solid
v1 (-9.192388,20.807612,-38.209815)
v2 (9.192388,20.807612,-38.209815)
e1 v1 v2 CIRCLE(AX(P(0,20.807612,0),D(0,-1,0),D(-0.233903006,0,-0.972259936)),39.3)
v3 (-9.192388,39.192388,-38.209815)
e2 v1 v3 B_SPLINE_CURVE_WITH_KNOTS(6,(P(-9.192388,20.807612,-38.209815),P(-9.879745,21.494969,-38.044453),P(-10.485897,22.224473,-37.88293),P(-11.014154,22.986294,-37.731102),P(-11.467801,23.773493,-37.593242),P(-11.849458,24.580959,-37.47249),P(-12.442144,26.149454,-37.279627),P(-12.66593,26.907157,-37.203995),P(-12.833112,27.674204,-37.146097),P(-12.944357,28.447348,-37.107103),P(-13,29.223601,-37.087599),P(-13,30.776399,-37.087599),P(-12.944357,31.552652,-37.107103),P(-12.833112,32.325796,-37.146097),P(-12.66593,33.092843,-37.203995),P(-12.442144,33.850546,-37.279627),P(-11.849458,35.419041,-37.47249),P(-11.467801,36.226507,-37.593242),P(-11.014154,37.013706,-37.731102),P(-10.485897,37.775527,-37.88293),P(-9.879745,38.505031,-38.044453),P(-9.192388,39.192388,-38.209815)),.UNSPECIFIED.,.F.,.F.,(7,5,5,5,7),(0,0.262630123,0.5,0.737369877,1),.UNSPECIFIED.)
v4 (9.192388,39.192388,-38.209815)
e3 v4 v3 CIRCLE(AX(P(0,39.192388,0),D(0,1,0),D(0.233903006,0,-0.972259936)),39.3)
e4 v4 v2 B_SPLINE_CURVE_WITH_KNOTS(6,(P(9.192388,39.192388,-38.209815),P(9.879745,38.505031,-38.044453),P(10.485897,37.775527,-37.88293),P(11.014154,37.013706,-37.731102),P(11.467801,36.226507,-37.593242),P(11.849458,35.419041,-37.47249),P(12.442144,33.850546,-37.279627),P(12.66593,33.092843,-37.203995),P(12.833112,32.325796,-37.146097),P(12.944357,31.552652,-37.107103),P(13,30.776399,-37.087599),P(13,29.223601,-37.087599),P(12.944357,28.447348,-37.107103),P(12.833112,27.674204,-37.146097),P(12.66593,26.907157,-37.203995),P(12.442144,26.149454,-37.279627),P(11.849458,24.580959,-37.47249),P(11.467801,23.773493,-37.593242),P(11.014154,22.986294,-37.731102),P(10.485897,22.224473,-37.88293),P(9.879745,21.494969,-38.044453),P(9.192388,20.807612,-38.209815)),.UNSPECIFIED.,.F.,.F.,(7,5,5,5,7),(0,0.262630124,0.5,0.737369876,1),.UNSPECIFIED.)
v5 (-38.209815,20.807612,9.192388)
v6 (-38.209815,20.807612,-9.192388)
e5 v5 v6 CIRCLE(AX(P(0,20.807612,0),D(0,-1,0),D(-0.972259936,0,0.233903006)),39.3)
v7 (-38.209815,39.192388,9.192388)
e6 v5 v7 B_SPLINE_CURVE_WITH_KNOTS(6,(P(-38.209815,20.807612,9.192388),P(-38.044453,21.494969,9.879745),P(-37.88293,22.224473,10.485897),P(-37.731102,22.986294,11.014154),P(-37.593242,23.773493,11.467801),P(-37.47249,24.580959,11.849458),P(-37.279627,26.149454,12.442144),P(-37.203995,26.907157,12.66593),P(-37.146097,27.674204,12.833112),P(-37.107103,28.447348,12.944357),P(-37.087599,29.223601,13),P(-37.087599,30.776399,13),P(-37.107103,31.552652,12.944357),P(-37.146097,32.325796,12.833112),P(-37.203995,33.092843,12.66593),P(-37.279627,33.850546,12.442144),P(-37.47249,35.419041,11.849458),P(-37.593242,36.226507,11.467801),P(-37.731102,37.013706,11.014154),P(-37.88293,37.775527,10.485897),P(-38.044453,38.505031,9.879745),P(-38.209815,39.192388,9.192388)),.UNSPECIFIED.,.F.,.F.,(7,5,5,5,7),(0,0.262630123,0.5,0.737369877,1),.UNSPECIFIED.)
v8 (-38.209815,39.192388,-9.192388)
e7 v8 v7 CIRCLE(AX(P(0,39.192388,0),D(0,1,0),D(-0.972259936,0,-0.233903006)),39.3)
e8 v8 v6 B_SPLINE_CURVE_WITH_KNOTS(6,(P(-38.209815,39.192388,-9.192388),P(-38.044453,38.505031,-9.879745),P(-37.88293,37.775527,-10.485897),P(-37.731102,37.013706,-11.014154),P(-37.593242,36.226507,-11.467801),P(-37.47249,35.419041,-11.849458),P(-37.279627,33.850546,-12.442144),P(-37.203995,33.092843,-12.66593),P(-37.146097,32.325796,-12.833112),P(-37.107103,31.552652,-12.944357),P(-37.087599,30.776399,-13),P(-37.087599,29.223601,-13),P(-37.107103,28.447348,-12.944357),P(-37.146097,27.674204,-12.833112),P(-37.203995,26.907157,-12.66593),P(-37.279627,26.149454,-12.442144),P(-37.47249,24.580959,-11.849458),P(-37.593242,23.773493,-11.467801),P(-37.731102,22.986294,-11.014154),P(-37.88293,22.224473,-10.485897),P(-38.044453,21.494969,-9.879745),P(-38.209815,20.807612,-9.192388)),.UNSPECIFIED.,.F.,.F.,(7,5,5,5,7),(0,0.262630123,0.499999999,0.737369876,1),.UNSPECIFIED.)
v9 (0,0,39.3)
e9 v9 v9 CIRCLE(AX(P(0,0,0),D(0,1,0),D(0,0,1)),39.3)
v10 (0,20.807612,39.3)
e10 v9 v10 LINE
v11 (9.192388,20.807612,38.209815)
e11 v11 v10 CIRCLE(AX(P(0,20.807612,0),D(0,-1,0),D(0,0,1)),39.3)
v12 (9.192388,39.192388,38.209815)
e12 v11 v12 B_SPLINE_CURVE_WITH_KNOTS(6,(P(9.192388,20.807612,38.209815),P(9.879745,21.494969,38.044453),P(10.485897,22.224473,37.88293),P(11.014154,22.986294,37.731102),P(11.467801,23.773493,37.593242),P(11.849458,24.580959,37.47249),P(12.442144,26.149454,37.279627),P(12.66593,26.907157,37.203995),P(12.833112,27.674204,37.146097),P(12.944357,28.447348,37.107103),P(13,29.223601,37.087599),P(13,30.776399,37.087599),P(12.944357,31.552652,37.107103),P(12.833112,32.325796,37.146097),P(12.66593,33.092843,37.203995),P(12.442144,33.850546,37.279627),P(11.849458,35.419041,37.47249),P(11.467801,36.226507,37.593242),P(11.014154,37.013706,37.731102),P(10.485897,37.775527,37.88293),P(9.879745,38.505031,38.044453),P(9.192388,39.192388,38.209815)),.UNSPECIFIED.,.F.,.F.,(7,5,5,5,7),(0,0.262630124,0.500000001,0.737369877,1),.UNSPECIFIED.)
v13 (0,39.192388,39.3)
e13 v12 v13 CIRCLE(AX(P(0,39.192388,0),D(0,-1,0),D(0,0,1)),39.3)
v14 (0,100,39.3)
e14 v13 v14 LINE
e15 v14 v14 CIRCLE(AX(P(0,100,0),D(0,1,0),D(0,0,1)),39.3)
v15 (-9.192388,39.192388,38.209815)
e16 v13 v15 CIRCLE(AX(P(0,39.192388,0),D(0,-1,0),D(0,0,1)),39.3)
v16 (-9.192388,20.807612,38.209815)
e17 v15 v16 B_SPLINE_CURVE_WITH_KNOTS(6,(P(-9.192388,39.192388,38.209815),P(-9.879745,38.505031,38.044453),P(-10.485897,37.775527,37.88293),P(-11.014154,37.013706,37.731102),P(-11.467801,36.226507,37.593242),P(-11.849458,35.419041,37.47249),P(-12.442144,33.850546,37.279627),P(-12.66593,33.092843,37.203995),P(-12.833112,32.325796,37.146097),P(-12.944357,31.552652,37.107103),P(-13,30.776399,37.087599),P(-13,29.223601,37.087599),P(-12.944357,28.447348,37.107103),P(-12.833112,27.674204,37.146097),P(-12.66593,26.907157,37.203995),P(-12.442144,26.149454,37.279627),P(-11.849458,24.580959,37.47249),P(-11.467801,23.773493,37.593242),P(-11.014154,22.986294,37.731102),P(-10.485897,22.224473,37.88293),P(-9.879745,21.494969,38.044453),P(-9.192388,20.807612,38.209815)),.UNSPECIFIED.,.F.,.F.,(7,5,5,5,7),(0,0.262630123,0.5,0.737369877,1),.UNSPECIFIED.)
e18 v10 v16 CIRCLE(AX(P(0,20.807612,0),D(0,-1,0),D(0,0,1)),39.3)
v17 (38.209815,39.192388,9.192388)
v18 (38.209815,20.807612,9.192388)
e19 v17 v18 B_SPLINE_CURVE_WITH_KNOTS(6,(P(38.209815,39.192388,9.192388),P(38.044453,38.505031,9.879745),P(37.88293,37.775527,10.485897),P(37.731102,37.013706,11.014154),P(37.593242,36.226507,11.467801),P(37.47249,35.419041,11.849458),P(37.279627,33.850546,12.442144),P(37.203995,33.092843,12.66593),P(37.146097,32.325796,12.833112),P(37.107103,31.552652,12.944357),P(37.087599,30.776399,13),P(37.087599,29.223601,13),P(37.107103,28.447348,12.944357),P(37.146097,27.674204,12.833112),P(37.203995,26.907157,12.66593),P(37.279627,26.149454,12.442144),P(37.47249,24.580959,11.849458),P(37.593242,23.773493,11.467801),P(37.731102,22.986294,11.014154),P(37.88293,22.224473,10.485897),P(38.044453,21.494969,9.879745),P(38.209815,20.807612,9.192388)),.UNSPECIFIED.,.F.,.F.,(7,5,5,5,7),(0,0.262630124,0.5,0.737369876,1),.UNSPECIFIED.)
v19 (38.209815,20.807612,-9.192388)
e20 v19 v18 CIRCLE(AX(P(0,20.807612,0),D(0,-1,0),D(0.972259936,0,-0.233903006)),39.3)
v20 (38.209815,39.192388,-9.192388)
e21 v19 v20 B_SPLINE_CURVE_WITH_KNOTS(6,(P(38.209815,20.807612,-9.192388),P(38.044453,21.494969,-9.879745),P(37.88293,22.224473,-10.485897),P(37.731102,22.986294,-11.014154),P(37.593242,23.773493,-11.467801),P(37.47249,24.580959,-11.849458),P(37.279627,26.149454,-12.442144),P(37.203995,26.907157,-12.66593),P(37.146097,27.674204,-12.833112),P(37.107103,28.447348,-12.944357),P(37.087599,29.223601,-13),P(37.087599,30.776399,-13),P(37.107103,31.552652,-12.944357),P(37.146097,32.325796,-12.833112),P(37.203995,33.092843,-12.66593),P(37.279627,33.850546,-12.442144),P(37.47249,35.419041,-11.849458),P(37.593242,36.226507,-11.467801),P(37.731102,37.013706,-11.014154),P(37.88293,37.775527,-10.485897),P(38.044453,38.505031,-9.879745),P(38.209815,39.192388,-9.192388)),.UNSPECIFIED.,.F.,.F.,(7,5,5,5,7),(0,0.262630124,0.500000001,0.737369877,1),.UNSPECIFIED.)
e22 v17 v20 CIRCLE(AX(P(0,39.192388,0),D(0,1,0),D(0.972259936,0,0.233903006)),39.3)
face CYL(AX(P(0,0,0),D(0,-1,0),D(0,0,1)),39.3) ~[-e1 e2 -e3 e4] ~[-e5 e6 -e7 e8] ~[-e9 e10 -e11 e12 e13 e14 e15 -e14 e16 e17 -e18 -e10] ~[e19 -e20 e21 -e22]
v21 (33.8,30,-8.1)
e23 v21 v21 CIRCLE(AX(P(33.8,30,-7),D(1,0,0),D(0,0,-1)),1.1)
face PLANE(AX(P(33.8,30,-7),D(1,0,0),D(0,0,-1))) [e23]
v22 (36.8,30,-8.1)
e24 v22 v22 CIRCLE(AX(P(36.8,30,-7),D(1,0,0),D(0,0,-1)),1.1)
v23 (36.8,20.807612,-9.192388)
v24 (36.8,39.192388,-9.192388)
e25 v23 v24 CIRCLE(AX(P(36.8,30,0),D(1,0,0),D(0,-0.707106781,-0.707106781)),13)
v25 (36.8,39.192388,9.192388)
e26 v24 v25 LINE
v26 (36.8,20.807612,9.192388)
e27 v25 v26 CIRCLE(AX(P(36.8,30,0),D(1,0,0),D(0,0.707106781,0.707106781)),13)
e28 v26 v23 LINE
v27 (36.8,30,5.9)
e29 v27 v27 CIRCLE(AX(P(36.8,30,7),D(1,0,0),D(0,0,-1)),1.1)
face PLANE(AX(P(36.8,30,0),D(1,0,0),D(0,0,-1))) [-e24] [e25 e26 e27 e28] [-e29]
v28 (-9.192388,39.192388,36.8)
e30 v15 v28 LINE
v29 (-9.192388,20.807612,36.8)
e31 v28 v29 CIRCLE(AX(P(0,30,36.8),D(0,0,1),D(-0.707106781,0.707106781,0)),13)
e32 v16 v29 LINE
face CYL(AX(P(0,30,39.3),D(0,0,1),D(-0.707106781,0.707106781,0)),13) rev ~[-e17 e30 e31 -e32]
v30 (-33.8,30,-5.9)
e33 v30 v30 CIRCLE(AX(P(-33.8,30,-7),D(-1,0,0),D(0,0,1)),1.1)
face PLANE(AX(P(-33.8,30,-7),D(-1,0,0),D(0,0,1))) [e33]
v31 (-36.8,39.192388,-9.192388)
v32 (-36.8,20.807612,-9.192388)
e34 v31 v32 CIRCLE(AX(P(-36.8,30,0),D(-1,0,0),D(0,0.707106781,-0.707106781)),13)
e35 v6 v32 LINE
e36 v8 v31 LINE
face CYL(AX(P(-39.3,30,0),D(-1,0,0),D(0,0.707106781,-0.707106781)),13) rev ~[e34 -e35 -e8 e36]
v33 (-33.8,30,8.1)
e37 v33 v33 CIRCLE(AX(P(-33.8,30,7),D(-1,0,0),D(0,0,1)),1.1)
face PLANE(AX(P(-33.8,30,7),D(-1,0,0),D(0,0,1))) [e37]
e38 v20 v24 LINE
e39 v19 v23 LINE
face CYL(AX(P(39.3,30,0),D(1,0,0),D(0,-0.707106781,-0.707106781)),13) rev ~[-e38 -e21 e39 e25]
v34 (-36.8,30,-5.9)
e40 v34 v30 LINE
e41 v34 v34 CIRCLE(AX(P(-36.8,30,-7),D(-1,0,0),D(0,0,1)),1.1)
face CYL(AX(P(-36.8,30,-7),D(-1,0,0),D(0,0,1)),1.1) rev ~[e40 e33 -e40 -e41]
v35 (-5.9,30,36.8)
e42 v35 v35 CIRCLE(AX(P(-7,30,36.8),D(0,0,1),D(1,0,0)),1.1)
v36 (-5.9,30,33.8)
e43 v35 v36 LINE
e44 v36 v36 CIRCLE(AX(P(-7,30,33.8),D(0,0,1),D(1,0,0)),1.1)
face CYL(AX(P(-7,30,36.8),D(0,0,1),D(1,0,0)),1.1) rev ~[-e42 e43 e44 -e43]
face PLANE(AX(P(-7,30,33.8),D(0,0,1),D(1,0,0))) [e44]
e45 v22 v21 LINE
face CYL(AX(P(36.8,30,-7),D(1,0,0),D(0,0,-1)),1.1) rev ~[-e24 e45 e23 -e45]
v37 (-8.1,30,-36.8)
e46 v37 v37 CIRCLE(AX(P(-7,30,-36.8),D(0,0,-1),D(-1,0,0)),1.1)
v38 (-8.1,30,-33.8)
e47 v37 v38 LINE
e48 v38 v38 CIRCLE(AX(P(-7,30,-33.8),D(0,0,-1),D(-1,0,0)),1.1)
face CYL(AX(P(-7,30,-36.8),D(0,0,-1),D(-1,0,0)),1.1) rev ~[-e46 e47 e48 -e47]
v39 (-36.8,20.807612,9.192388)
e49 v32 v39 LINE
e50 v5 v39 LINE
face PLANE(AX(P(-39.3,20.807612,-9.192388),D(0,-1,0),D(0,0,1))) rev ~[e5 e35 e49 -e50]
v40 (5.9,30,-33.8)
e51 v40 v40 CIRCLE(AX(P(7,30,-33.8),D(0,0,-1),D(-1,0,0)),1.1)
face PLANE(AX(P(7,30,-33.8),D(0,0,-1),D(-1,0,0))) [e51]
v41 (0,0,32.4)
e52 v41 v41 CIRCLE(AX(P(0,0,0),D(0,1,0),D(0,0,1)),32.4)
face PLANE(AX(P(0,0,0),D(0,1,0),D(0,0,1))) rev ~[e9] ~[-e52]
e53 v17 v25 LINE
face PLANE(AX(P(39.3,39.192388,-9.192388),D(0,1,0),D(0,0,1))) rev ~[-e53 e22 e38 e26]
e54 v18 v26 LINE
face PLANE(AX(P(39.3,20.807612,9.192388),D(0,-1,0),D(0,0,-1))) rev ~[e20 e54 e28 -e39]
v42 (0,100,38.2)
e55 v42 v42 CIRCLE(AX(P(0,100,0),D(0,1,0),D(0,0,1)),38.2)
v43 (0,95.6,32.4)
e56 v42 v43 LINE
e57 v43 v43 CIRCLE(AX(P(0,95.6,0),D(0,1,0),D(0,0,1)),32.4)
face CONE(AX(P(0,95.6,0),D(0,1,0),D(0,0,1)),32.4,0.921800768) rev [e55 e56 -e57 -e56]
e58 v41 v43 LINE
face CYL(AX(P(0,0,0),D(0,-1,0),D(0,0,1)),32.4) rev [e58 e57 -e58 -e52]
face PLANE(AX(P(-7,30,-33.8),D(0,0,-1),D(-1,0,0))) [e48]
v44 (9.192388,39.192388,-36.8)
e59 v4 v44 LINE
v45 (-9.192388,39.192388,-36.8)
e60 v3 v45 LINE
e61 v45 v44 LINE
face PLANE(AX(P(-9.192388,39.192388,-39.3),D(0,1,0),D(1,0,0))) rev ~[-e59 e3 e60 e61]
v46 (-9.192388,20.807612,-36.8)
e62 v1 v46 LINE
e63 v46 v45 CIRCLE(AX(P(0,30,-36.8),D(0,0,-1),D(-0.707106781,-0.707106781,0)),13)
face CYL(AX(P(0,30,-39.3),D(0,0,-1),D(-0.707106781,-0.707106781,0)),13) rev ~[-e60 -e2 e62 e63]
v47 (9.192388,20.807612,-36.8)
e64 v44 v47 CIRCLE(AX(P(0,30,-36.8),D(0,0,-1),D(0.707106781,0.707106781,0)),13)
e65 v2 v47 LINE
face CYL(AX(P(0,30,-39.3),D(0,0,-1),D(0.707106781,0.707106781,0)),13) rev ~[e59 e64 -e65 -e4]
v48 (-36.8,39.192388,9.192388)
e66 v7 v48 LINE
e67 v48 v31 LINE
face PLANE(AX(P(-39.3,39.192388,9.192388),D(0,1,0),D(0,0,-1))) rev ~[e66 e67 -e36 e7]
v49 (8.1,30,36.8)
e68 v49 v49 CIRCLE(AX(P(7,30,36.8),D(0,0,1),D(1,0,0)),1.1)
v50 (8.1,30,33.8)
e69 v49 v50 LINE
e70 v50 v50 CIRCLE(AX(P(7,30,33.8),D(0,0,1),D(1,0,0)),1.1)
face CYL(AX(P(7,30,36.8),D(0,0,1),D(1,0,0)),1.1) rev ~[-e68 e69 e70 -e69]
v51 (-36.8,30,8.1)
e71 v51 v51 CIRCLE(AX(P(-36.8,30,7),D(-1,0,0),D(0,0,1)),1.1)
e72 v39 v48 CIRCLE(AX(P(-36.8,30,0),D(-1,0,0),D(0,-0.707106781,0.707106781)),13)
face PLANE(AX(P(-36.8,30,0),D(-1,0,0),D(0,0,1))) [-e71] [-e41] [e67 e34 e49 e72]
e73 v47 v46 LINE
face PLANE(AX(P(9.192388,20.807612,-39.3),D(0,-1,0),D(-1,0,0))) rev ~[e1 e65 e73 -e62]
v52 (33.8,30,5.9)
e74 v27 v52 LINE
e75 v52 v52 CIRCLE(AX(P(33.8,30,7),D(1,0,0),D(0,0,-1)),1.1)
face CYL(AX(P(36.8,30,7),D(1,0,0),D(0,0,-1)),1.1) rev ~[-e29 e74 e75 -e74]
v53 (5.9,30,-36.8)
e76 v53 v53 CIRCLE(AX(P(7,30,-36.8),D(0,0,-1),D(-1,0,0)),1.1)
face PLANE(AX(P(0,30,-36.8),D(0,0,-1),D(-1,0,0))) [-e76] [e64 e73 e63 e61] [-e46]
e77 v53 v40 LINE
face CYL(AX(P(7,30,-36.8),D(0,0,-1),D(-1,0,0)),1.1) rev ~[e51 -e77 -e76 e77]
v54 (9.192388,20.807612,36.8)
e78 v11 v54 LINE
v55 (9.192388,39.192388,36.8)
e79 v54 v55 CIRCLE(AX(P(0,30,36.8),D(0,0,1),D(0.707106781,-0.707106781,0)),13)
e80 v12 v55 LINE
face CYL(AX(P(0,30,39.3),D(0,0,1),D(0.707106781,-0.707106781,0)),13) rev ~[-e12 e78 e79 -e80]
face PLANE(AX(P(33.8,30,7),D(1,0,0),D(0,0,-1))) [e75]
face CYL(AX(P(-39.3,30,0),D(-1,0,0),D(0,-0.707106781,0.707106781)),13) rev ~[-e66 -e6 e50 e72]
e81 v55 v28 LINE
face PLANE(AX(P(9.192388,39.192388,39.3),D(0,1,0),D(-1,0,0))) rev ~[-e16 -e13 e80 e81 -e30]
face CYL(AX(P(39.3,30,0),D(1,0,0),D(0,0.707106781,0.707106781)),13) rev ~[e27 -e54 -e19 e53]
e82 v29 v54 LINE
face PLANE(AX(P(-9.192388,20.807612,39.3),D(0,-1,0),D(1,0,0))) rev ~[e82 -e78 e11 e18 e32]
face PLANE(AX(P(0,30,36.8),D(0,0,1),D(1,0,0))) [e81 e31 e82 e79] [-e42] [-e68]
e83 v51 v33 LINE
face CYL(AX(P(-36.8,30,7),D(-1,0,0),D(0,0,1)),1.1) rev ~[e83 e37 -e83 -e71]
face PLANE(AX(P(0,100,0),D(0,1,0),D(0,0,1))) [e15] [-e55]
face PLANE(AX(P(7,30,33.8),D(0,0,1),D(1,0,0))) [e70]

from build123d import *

# Parameters (mm, degrees)
SKETCH2_R           = 39.3
SKETCH2_R_2         = 32.4
BOSS_EXTRUDE1_DEPTH = 100
CUT_EXTRUDE1_START  = 39.3
CUT_EXTRUDE1_DEPTH  = 2.5
SKETCH4_R           = 1.1
CUT_EXTRUDE2_DEPTH  = 3
CIRPATTERN1_COUNT   = 4
CHAMFER1_SIZE       = 5.8
CHAMFER1_SIZE2      = 4.4


with BuildPart() as part:
    # Sketch2 → Boss-Extrude1 (new body)
    with BuildSketch(Plane(origin=(0, 0, 0), x_dir=(1, 0, 0), z_dir=(0, 1, 0))):
        Circle(SKETCH2_R)
        Circle(SKETCH2_R_2, mode=Mode.SUBTRACT)
    extrude(amount=BOSS_EXTRUDE1_DEPTH)

    # Sketch3 → Cut-Extrude1 (cut)
    with BuildSketch(Plane.XY.offset(CUT_EXTRUDE1_START)):
        with BuildLine():
            Line((9.192388155, 39.192388155), (-9.192388155, 39.192388155))
            ThreePointArc((-9.192388155, 39.192388155), (-13, 30), (-9.192388155, 20.807611845))
            Line((-9.192388155, 20.807611845), (9.192388155, 20.807611845))
            ThreePointArc((9.192388155, 20.807611845), (13, 30), (9.192388155, 39.192388155))
        make_face()
    cut_extrude1 = extrude(amount=-CUT_EXTRUDE1_DEPTH, mode=Mode.SUBTRACT)

    # Sketch4 → Cut-Extrude2 (cut)
    with BuildSketch(Plane.XY.offset(36.8)):
        with Locations((7, 30)):
            Circle(SKETCH4_R)
        with Locations((-7, 30)):
            Circle(SKETCH4_R)
    cut_extrude2 = extrude(amount=-CUT_EXTRUDE2_DEPTH, mode=Mode.SUBTRACT)

    # CirPattern1: Cut-Extrude1, Cut-Extrude2 ×4 about axis
    cirpattern1_axis = Axis((0, 100, 0), (0, -1, 0))
    add([cut_extrude1.rotate(cirpattern1_axis, i * 360 / CIRPATTERN1_COUNT) for i in range(1, CIRPATTERN1_COUNT)], mode=Mode.SUBTRACT)
    add([cut_extrude2.rotate(cirpattern1_axis, i * 360 / CIRPATTERN1_COUNT) for i in range(1, CIRPATTERN1_COUNT)], mode=Mode.SUBTRACT)

    # Chamfer1
    chamfer1_edges = [part.edges().sort_by_distance(p)[0] for p in [
        (-32.4, 100, 0),
    ]]
    chamfer1_side = [part.faces().sort_by_distance(p)[0] for p in [
        (-38.18842814, 100, 0),
    ]]
    chamfer(chamfer1_edges, length=CHAMFER1_SIZE, length2=CHAMFER1_SIZE2, reference=chamfer1_side[0])


solid = part.part
